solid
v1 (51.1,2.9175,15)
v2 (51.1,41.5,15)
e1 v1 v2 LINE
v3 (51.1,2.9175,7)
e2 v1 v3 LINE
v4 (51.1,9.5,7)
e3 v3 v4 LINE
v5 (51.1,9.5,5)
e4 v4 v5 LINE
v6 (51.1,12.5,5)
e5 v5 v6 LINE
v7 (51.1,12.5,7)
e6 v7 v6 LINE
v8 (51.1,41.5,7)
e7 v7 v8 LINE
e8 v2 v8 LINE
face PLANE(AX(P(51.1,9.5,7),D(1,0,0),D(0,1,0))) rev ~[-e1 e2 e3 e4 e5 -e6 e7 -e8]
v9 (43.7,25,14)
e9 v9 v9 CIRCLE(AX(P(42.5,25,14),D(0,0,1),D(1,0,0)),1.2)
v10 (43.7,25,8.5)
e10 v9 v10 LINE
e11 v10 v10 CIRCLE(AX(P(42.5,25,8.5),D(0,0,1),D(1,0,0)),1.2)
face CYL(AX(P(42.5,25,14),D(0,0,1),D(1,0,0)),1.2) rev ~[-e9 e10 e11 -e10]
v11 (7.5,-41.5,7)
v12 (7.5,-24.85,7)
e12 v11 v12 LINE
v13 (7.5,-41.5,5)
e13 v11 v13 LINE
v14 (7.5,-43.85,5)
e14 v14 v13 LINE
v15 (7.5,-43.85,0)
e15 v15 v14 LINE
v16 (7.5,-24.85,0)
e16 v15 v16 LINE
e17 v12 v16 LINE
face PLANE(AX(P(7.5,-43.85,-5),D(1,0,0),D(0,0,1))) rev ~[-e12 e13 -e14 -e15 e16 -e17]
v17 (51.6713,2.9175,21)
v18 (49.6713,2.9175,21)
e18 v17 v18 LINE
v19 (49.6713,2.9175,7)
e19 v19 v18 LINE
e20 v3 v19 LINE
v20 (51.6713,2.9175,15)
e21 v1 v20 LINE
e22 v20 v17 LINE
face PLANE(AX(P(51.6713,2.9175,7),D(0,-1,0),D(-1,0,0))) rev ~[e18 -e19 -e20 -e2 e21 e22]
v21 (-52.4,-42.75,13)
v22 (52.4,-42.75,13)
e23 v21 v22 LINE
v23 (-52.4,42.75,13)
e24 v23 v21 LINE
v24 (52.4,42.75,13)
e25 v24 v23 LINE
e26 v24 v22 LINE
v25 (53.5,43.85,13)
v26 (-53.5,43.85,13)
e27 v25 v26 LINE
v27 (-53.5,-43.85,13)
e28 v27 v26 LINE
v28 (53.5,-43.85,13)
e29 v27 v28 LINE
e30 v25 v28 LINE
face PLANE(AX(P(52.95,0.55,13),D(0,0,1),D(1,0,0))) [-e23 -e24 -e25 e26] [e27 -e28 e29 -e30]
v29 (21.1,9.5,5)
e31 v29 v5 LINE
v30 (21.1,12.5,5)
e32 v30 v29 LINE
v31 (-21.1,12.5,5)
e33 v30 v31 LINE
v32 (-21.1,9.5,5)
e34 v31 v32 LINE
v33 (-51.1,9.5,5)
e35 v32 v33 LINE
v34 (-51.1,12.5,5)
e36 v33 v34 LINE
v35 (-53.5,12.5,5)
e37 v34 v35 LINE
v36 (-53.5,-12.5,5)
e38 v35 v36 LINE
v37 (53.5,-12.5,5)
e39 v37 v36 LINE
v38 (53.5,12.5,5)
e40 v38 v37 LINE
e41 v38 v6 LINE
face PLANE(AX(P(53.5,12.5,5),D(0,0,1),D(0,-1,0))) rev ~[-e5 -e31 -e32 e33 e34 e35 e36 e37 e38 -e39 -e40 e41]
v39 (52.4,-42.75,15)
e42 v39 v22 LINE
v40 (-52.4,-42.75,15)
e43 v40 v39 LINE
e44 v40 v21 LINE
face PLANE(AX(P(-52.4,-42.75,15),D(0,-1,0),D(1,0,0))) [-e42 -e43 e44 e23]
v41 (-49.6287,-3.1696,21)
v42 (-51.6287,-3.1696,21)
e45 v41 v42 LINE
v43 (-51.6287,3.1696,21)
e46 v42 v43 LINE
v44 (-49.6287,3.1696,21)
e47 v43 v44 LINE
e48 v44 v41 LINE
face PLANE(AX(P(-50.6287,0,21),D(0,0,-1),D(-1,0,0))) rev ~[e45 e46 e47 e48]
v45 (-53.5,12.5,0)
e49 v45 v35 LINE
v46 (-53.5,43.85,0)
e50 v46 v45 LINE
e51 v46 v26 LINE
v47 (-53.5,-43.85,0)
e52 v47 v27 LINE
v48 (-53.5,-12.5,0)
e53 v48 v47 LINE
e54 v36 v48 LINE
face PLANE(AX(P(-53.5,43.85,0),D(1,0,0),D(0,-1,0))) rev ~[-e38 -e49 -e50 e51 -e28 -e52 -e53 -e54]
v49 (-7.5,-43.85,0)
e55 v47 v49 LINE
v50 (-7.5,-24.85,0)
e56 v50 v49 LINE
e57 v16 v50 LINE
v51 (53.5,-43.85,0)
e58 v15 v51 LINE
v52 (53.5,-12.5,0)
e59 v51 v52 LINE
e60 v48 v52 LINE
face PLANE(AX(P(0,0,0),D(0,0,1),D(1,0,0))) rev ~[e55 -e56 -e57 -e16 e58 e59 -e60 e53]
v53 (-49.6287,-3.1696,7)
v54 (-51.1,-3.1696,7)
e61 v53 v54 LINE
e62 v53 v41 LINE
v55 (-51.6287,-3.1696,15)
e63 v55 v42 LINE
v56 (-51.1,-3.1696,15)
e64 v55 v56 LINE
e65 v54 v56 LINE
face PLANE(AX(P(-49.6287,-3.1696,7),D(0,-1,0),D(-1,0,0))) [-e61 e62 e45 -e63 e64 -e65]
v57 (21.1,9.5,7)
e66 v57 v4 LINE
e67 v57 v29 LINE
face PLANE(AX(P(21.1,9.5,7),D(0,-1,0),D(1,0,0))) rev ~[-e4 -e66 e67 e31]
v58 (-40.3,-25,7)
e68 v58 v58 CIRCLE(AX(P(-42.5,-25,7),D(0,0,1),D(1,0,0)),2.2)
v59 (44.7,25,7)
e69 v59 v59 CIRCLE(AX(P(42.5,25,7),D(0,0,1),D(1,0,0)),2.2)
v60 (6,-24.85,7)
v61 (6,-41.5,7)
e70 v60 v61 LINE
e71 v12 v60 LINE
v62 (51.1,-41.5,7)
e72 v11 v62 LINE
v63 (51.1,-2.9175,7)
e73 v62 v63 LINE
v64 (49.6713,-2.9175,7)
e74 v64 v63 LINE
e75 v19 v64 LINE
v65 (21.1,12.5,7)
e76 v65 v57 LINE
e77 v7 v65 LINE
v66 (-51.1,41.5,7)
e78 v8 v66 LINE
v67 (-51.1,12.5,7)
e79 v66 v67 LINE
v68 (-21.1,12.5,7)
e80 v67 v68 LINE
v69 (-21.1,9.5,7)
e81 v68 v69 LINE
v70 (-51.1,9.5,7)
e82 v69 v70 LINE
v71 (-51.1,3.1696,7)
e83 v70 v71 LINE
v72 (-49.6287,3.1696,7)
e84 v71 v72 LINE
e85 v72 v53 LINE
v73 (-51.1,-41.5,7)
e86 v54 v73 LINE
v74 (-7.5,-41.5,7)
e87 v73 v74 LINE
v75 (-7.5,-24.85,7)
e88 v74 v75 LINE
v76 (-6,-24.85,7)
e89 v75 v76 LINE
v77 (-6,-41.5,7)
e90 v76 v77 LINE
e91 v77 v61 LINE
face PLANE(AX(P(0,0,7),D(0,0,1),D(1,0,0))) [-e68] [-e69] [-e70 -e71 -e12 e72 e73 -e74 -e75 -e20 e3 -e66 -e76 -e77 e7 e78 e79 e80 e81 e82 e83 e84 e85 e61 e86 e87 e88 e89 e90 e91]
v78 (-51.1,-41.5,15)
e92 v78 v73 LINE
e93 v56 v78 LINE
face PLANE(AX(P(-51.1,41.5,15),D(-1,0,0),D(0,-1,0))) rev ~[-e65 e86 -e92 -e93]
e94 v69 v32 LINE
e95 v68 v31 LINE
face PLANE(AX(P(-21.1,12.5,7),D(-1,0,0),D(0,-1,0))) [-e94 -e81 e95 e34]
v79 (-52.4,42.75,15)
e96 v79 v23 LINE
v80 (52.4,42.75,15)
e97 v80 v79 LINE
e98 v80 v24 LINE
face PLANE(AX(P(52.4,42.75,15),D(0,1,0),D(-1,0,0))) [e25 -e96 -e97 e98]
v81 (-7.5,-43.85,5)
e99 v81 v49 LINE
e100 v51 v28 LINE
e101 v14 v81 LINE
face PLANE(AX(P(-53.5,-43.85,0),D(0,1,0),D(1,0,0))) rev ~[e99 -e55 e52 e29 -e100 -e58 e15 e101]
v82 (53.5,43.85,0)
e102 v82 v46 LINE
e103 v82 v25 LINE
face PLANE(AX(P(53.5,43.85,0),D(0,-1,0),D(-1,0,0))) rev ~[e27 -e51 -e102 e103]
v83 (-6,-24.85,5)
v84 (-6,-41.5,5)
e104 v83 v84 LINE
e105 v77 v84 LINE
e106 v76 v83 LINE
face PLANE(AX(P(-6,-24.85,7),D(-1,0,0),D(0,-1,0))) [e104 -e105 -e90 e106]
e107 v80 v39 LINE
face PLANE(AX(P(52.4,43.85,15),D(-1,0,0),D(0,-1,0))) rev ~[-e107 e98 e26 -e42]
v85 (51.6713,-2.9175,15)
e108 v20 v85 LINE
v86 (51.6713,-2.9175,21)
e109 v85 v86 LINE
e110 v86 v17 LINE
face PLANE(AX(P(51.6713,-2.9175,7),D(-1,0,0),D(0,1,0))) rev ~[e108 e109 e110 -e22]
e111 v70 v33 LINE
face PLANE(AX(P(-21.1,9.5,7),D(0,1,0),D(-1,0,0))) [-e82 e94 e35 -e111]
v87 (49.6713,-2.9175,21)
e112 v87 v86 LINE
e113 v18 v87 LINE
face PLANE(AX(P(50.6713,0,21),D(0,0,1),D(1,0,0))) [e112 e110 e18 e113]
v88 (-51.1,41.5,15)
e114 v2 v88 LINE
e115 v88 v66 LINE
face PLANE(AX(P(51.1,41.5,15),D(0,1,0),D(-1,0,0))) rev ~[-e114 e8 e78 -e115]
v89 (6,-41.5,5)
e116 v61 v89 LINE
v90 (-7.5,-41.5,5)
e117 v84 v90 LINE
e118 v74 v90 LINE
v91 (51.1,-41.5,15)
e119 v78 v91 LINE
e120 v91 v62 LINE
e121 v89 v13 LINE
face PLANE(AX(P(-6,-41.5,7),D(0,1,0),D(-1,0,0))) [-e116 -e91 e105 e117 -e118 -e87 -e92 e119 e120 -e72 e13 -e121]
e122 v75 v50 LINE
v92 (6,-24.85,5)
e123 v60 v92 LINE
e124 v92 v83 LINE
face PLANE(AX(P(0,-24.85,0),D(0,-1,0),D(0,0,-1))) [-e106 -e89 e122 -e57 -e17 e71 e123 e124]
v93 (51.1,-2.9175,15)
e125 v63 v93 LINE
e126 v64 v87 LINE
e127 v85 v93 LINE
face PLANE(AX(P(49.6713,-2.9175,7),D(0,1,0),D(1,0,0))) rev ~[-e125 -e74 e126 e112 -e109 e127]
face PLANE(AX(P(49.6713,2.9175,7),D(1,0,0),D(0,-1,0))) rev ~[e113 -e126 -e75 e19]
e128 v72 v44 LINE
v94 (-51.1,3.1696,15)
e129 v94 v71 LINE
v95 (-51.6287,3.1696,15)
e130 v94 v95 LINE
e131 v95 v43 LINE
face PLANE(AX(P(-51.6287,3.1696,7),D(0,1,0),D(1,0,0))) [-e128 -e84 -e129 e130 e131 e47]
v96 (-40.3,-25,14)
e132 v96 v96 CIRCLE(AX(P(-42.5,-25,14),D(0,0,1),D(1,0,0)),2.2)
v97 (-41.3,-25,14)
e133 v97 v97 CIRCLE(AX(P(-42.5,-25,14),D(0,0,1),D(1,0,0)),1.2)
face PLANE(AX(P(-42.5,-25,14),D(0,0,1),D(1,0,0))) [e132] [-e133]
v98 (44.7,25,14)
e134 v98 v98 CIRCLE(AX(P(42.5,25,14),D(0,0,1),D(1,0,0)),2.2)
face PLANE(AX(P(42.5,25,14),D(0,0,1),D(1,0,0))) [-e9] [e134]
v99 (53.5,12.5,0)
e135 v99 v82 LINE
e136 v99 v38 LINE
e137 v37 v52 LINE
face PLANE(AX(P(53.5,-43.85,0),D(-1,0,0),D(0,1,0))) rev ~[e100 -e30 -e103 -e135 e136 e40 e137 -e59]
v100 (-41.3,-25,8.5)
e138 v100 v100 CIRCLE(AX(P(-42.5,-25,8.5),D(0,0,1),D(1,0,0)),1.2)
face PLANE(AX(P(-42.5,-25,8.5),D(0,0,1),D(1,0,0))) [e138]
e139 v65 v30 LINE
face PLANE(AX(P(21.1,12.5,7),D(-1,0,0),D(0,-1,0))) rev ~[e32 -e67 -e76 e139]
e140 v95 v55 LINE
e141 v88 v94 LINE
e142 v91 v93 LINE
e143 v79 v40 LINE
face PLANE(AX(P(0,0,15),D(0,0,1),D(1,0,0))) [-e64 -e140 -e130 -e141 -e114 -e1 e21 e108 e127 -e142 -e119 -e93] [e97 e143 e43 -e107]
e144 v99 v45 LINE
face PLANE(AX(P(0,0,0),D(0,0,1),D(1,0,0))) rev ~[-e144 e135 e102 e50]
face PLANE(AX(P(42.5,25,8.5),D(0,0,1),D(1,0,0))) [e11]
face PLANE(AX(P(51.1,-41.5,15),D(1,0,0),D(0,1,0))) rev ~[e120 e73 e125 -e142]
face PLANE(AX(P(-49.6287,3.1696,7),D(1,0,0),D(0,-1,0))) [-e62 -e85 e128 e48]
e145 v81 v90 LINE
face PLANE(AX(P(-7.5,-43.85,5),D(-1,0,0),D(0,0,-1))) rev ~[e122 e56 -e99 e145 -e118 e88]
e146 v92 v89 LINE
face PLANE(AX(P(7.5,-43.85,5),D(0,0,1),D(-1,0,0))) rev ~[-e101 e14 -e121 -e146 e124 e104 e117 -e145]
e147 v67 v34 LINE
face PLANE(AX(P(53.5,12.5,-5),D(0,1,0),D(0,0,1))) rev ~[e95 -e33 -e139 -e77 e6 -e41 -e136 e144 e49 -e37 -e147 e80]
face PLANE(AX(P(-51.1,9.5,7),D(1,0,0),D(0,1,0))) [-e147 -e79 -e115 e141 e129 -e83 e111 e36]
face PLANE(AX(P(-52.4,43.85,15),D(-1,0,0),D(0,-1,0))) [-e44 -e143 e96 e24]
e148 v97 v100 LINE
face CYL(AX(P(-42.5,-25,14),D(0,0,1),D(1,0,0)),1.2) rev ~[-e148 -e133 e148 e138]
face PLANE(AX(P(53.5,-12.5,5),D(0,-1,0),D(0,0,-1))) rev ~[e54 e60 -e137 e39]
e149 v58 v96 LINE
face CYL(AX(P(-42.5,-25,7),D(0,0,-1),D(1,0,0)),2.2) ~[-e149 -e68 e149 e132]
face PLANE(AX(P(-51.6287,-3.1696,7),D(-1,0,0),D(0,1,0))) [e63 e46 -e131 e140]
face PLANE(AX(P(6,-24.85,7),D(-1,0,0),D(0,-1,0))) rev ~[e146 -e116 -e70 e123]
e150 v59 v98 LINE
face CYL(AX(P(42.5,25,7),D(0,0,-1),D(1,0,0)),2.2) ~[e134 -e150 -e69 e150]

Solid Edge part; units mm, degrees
sketch "Sketch1" plane through (0, 0, 0) normal (0, 0, 1) x (1, 0, 0)
  line L0 (53.5, -43.85) -> (53.5, 43.85)
  line L1 (53.5, 43.85) -> (-53.5, 43.85)
  line L2 (-53.5, 43.85) -> (-53.5, -43.85)
  line L3 (-53.5, -43.85) -> (53.5, -43.85)
extrude "Protrusion1" add sketch "Sketch1" along normal blind 15
sketch "Sketch2" plane through (0, -43.85, 7.5) normal (0, -1, 0) x (1, 0, 0)
  line L0 (7.5, -2.5) -> (-7.5, -2.5)
  line L1 (-7.5, -2.5) -> (-7.5, -12.5)
  line L2 (-7.5, -12.5) -> (7.5, -12.5)
  line L3 (7.5, -12.5) -> (7.5, -2.5)
extrude "VaciadoExtruido_1" cut sketch "Sketch2" against normal blind 19
sketch "Sketch3" plane through (53.5, 0, 7.5) normal (1, 0, 0) x (0, 1, 0)
  line L0 (12.5, -2.5) -> (-12.5, -2.5)
  line L1 (-12.5, -2.5) -> (-12.5, -12.5)
  line L2 (-12.5, -12.5) -> (12.5, -12.5)
  line L3 (12.5, -12.5) -> (12.5, -2.5)
extrude "VaciadoExtruido_2" cut sketch "Sketch3" against normal blind 125.4573
sketch "Sketch4" plane through (0, 0, 15) normal (0, 0, 1) x (1, 0, 0)
  line L0 (51.1, -41.5) -> (51.1, 41.5)
  line L1 (51.1, 41.5) -> (-51.1, 41.5)
  line L2 (-51.1, 41.5) -> (-51.1, -41.5)
  line L3 (-51.1, -41.5) -> (51.1, -41.5)
extrude "VaciadoExtruido_4" cut sketch "Sketch4" against normal blind 8
sketch "Sketch5" plane through (0, 0, 7) normal (0, 0, 1) x (1, 0, 0)
  circle A0 centre (-42.5, -25) radius 2.2
  circle A1 centre (42.5, 25) radius 2.2
  dimension "D1" = 4.4
  dimension "D2" = 25
  dimension "D3" = 42.5
  dimension "D4" = 42.5
  dimension "D5" = 25
extrude "ProtrusiónExtruida_2" add sketch "Sketch5" along normal blind 7
sketch "Sketch6" plane through (0, 0, 7) normal (0, 0, 1) x (-1, 0, 0)
  line L0 (-49.6713, -2.9175) -> (-49.6713, 2.9175)
  line L1 (-49.6713, 2.9175) -> (-51.6713, 2.9175)
  line L2 (-51.6713, 2.9175) -> (-51.6713, -2.9175)
  line L3 (-51.6713, -2.9175) -> (-49.6713, -2.9175)
  line L4 (49.6287, -3.1696) -> (49.6287, 3.1696)
  line L5 (49.6287, 3.1696) -> (51.6287, 3.1696)
  line L6 (51.6287, 3.1696) -> (51.6287, -3.1696)
  line L7 (51.6287, -3.1696) -> (49.6287, -3.1696)
  dimension "D1" = 6.3393
  dimension "D2" = 2
  dimension "D3" = 2
  dimension "D4" = 5.8351
extrude "ProtrusiónExtruida_7" add sketch "Sketch6" along normal blind 14
sketch "Sketch7" plane through (0, 0, 15) normal (0, 0, 1) x (1, 0, 0)
  line L0 (-52.4, 43.85) -> (-52.4, -43.85)
  line L1 (-52.4, -43.85) -> (-53.5, -43.85)
  line L2 (-53.5, -43.85) -> (-53.5, 43.85)
  line L3 (-53.5, 43.85) -> (-52.4, 43.85)
extrude "VaciadoExtruido_12" cut sketch "Sketch7" against normal blind 2
sketch "Sketch8" plane through (0.55, 0, 15) normal (0, 0, 1) x (1, 0, 0)
  line L0 (-52.95, -42.75) -> (52.95, -42.75)
  line L1 (52.95, -42.75) -> (52.95, -43.85)
  line L2 (52.95, -43.85) -> (-52.95, -43.85)
  line L3 (-52.95, -43.85) -> (-52.95, -42.75)
extrude "VaciadoExtruido_14" cut sketch "Sketch8" against normal blind 2
sketch "Sketch9" plane through (0.55, 0.55, 15) normal (0, 0, 1) x (1, 0, 0)
  line L0 (52.95, 43.3) -> (51.85, 43.3)
  line L1 (51.85, 43.3) -> (51.85, -43.3)
  line L2 (51.85, -43.3) -> (52.95, -43.3)
  line L3 (52.95, -43.3) -> (52.95, 43.3)
extrude "VaciadoExtruido_15" cut sketch "Sketch9" against normal blind 2
sketch "Sketch10" plane through (0, 0.55, 15) normal (0, 0, 1) x (1, 0, 0)
  line L0 (-52.4, 43.3) -> (52.4, 43.3)
  line L1 (52.4, 43.3) -> (52.4, 42.2)
  line L2 (52.4, 42.2) -> (-52.4, 42.2)
  line L3 (-52.4, 42.2) -> (-52.4, 43.3)
extrude "VaciadoExtruido_16" cut sketch "Sketch10" against normal blind 2
sketch "Sketch11" plane through (0, 0, 7) normal (0, 0, 1) x (1, 0, 0)
  line L0 (7.5, -41.5) -> (7.5, -24.85)
  line L1 (7.5, -24.85) -> (6, -24.85)
  line L2 (6, -24.85) -> (6, -41.5)
  line L3 (6, -41.5) -> (7.5, -41.5)
  line L4 (-6, -24.85) -> (-6, -41.5)
  line L5 (-6, -41.5) -> (-7.5, -41.5)
  line L6 (-7.5, -41.5) -> (-7.5, -24.85)
  line L7 (-7.5, -24.85) -> (-6, -24.85)
  dimension "D1" = 1.5
  dimension "D2" = 1.5
extrude "VaciadoExtruido_17" cut sketch "Sketch11" against normal blind 21
sketch "Sketch12" plane through (0, 0, 7) normal (0, 0, 1) x (1, 0, 0)
  line L0 (-51.1, 12.5) -> (-21.1, 12.5)
  line L1 (-21.1, 12.5) -> (-21.1, 9.5)
  line L2 (-21.1, 9.5) -> (-51.1, 9.5)
  line L3 (-51.1, 9.5) -> (-51.1, 12.5)
  line L4 (51.1, 12.5) -> (21.1, 12.5)
  line L5 (21.1, 12.5) -> (21.1, 9.5)
  line L6 (21.1, 9.5) -> (51.1, 9.5)
  line L7 (51.1, 9.5) -> (51.1, 12.5)
  dimension "D1" = 30
  dimension "D2" = 30
  dimension "D3" = 3
  dimension "D4" = 3
extrude "VaciadoExtruido_18" cut sketch "Sketch12" against normal blind 84
sketch "Sketch13" plane through (-42.5, -25, 14) normal (0, 0, 1) x (1, 0, 0)
  circle A0 centre (0, 0) radius 1.2
  circle A1 centre (85, 50) radius 1.2
  dimension "D1" = 2.4
  dimension "D2" = 2.4
extrude "VaciadoExtruido_19" cut sketch "Sketch13" against normal blind 5.5
